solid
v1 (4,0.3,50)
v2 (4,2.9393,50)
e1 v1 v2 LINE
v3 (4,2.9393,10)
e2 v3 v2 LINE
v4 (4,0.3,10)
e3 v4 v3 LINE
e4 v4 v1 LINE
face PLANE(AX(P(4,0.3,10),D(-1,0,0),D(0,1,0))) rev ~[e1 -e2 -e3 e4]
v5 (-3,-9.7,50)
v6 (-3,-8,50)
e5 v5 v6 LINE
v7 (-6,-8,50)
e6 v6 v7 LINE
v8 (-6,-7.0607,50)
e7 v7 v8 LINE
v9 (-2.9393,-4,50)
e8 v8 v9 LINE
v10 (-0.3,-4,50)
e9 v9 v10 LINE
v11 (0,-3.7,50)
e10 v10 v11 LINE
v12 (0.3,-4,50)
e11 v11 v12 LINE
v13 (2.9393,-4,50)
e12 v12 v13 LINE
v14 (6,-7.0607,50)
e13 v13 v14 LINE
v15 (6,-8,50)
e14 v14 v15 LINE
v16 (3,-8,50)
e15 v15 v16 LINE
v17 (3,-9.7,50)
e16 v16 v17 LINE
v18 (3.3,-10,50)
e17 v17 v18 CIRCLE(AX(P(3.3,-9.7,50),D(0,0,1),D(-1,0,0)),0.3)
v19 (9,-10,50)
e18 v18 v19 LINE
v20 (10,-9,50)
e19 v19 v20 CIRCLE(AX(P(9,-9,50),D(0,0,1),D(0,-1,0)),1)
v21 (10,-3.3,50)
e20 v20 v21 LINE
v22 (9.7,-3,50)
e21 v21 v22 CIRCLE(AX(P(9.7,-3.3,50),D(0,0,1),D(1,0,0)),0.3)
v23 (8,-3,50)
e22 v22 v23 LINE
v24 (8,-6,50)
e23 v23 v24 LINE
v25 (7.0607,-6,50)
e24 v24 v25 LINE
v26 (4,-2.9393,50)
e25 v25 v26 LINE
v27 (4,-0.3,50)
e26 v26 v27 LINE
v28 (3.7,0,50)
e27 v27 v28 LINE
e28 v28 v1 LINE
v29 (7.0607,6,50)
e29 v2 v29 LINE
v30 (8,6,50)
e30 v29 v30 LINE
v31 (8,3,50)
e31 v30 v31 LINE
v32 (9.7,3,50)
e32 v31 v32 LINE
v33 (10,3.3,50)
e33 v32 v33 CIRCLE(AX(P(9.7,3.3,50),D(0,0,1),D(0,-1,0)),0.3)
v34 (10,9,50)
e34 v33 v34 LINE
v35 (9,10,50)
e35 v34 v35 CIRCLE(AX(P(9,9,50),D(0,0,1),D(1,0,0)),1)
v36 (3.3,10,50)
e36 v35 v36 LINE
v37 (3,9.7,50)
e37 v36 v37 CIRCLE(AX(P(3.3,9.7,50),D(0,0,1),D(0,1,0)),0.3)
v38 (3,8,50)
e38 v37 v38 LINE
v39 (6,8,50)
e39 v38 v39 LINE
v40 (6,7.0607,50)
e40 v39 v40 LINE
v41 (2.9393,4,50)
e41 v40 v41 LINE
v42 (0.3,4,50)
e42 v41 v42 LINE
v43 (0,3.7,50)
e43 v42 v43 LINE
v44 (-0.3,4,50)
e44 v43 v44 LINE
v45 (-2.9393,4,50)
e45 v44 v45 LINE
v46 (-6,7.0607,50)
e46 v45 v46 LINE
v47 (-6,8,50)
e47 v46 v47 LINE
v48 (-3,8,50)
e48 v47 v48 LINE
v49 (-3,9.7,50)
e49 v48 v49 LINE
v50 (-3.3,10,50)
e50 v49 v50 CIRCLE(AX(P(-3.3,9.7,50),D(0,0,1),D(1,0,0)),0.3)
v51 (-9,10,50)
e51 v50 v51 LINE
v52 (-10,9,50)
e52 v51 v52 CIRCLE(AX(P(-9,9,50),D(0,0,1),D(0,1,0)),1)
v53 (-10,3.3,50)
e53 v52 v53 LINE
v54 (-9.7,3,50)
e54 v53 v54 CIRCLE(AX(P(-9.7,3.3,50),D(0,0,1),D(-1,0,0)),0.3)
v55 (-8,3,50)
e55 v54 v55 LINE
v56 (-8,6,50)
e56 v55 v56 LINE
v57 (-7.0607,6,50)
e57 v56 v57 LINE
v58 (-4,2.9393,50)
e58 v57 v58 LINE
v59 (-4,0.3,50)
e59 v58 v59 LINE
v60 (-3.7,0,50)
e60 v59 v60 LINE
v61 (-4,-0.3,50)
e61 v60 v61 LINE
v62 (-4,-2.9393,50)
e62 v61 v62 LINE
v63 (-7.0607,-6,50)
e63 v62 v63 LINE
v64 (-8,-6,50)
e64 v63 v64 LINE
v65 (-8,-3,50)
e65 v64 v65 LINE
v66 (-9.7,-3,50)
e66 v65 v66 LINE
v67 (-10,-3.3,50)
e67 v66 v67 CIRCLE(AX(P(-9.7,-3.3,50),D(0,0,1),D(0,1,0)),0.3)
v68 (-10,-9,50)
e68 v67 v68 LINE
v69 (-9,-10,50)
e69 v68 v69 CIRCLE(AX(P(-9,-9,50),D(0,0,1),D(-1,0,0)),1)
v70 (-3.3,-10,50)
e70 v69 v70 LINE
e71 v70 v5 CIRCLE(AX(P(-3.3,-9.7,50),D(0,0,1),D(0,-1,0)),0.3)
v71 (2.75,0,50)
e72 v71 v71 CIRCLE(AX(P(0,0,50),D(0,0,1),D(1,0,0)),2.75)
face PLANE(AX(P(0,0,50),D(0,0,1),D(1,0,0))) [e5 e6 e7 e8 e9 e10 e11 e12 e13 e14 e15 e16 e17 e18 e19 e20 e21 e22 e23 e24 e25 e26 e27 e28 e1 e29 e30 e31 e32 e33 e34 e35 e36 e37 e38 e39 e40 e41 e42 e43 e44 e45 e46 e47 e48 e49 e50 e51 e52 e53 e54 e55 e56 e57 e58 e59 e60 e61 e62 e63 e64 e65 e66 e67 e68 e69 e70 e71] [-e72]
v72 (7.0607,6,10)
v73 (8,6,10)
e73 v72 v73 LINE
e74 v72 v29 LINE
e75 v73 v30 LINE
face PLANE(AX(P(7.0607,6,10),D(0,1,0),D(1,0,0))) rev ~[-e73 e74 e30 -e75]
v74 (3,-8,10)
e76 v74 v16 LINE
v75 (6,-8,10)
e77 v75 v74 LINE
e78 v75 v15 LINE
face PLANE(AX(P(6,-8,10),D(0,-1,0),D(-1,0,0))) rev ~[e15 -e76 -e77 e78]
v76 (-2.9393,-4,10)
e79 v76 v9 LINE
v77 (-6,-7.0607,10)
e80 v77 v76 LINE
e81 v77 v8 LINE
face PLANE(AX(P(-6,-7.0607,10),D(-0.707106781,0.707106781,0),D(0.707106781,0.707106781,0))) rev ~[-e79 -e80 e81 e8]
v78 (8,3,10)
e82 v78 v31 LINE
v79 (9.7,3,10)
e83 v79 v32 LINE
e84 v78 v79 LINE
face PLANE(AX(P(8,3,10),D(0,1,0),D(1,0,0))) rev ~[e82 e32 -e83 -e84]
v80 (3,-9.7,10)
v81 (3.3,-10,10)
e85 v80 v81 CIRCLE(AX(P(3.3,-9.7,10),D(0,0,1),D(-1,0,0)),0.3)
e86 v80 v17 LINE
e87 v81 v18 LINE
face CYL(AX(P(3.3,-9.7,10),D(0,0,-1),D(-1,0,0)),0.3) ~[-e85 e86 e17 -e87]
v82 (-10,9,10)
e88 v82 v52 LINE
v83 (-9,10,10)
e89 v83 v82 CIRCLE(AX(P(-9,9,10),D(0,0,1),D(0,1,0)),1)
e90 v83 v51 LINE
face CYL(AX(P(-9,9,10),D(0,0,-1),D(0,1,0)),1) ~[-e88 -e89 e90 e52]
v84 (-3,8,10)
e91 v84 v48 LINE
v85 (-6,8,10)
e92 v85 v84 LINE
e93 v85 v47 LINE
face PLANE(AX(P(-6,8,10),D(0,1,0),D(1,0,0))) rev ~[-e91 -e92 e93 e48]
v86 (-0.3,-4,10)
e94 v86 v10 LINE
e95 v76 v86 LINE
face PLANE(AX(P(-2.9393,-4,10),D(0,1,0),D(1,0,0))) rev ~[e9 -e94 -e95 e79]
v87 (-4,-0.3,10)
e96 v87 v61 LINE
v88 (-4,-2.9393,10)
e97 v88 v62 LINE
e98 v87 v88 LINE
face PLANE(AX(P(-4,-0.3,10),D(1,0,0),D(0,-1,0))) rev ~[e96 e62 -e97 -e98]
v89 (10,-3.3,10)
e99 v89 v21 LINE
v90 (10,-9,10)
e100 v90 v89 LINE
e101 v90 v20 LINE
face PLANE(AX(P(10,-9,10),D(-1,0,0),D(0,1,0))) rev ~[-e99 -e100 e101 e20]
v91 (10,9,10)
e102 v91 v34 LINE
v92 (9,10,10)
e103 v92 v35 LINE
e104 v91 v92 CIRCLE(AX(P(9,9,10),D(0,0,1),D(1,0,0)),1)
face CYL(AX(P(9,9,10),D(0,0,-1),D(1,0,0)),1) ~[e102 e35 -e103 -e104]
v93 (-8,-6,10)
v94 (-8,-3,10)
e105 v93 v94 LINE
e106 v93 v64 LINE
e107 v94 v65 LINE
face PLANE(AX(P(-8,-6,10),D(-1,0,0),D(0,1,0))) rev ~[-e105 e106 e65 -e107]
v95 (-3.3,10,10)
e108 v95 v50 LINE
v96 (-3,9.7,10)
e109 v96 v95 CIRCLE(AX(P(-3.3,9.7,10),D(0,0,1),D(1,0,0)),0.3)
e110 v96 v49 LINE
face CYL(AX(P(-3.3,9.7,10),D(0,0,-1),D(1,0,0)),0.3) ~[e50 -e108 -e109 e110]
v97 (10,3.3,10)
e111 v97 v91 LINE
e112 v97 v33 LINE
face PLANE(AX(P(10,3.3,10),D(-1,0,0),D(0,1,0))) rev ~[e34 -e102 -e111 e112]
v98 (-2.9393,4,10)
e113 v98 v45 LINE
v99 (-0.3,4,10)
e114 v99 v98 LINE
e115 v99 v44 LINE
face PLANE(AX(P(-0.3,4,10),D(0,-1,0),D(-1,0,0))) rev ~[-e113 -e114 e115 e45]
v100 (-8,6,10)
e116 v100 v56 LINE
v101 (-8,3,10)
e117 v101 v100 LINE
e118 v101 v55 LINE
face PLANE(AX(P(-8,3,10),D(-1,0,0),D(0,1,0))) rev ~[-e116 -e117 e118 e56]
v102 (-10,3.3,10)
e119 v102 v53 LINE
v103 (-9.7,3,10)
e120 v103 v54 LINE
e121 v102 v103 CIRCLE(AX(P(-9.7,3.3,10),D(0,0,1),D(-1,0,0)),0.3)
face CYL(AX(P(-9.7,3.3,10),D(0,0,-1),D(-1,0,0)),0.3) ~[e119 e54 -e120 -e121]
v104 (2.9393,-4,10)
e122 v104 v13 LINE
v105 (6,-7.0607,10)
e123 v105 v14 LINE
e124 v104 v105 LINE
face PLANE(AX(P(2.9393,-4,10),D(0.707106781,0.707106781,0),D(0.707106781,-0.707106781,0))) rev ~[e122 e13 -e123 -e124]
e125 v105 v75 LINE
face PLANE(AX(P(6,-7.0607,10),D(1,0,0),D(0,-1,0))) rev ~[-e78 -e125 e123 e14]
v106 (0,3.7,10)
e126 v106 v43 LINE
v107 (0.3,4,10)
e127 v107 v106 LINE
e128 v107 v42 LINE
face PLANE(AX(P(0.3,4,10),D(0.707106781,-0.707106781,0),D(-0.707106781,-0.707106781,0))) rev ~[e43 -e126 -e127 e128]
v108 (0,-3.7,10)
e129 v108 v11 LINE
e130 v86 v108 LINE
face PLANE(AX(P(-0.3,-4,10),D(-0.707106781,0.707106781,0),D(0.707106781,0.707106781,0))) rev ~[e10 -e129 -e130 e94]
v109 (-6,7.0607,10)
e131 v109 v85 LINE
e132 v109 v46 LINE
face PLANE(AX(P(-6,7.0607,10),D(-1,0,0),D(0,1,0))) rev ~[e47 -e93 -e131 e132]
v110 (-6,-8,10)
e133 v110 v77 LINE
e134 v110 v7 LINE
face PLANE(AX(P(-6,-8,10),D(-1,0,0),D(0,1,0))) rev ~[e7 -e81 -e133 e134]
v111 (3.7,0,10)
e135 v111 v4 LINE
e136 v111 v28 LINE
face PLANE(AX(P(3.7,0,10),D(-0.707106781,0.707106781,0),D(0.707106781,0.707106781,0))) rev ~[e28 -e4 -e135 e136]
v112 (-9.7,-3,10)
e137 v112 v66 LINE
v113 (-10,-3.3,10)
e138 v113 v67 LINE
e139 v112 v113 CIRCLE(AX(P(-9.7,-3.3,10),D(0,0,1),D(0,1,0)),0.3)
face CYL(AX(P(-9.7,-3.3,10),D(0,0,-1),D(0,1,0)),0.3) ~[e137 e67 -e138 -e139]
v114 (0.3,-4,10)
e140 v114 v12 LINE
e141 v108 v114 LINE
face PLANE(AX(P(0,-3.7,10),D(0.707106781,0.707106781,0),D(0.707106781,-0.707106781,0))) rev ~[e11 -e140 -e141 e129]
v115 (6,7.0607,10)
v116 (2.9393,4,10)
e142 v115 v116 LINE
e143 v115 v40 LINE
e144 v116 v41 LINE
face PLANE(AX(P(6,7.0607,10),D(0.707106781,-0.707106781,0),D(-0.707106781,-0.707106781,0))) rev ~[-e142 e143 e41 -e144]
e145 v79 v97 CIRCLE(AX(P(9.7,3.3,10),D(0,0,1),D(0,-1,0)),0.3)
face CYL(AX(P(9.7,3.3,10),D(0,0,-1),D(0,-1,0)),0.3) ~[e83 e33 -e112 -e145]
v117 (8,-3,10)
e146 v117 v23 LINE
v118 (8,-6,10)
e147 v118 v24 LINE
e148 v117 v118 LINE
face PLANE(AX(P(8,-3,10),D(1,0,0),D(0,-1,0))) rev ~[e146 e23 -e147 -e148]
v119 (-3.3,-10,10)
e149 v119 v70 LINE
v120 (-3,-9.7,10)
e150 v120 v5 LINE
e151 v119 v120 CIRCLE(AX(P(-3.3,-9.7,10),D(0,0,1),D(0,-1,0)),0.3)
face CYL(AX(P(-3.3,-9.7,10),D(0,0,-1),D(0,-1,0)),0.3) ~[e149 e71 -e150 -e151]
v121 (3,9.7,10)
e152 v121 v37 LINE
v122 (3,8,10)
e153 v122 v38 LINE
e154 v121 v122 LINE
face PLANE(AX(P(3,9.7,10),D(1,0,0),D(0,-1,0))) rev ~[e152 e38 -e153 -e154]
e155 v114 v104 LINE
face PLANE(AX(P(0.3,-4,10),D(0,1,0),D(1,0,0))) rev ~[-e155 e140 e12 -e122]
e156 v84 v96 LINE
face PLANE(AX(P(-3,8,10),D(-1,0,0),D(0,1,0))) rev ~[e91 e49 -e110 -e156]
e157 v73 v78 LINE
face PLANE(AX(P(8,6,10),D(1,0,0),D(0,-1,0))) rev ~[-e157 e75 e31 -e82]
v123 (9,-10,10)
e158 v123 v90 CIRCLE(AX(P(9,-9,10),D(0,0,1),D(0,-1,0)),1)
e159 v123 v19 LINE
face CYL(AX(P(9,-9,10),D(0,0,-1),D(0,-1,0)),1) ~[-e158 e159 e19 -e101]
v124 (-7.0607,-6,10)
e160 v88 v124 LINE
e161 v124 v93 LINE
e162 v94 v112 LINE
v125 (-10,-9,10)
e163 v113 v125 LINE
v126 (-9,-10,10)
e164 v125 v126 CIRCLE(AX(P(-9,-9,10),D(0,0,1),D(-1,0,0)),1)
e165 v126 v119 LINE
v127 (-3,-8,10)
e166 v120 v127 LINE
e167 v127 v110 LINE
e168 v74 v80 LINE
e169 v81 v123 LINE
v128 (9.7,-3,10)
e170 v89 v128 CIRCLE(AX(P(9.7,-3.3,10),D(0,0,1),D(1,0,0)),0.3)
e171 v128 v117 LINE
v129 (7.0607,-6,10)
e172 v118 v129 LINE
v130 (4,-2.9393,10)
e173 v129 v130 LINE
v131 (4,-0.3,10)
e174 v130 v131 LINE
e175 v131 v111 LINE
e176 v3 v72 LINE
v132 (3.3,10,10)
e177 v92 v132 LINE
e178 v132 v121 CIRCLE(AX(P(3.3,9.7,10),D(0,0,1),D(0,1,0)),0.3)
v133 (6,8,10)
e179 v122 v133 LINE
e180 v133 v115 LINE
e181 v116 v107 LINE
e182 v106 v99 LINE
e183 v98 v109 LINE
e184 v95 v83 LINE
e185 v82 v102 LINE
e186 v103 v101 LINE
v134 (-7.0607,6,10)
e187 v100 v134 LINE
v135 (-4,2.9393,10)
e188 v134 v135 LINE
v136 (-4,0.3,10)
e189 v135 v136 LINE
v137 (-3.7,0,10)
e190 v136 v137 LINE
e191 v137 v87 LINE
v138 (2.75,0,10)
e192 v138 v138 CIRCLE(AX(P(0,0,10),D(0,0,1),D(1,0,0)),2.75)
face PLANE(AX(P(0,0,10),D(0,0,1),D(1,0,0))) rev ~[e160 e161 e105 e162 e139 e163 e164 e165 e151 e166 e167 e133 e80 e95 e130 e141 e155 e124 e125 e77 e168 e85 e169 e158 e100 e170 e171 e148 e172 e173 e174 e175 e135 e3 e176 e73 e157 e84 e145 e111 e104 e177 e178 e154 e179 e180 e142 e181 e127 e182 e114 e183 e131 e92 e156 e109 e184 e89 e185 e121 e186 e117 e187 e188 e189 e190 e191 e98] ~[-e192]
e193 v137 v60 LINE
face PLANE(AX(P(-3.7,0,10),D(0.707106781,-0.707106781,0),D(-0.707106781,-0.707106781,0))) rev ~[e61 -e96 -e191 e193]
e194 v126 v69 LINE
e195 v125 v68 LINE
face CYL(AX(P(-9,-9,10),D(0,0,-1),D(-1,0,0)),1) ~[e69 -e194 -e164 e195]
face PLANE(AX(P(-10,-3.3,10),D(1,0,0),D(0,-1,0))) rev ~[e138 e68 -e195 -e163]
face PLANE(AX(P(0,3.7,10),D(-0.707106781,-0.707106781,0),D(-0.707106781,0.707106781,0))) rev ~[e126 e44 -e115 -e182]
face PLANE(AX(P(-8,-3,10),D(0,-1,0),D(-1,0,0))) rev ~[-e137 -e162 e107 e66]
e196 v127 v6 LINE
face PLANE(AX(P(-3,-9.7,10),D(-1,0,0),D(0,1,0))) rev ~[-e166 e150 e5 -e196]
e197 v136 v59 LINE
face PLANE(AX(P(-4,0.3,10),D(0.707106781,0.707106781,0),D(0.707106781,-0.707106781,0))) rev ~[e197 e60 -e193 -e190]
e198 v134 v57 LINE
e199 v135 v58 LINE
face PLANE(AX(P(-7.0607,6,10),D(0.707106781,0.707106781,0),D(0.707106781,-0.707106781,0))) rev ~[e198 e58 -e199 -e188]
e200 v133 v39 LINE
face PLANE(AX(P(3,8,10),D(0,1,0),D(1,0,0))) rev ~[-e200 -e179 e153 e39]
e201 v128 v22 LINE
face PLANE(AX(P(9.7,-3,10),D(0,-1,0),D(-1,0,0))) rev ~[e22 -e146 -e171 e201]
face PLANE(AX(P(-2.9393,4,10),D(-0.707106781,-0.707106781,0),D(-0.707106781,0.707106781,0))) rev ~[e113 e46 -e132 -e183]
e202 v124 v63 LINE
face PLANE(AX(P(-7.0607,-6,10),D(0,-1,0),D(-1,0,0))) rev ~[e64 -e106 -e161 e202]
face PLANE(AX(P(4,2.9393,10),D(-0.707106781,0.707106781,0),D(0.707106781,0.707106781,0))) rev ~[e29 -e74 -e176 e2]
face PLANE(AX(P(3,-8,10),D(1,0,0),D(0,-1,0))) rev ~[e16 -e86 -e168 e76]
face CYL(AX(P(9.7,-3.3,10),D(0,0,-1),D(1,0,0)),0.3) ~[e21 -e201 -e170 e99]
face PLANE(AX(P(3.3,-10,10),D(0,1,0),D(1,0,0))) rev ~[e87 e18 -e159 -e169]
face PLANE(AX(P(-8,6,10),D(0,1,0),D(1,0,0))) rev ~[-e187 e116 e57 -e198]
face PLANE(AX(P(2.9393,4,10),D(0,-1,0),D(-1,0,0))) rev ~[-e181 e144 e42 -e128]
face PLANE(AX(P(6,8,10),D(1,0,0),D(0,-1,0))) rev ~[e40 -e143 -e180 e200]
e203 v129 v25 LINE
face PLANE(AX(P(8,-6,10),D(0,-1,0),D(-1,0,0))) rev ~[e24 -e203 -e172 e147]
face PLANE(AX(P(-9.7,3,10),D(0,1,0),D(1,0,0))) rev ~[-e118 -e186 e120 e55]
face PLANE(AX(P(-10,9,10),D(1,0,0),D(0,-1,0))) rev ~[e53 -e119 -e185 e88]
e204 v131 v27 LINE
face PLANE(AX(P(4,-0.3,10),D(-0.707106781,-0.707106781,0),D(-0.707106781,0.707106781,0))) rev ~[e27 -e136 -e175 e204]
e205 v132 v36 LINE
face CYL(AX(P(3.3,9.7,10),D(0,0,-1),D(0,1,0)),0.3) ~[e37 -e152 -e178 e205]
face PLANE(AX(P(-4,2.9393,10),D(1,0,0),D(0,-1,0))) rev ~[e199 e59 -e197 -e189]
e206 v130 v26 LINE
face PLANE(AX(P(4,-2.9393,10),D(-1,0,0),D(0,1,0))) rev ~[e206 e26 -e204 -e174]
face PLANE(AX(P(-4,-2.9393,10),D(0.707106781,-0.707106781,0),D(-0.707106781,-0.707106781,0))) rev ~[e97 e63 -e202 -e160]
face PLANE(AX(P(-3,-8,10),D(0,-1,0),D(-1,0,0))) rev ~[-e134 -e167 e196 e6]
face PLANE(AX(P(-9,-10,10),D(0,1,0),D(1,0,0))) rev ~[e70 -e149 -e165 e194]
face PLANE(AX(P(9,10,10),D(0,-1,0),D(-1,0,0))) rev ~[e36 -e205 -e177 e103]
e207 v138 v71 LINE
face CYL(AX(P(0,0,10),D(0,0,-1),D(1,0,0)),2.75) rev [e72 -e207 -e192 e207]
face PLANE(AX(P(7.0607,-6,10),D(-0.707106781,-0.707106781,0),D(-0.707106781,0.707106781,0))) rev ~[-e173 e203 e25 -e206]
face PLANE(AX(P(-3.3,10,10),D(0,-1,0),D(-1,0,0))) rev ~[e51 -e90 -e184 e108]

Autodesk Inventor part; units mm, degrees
ref_plane "Startebene" through (0, 0, 0) normal (0, 0, 1) x (1, 0, 0)
ref_plane "Endebene" through (0, 0, 320) normal (0, 0, 1) x (1, 0, 0)
ref_plane "Startebene1" through (0, 0, 0) normal (0, 0, 1) x (1, 0, 0)
ref_plane "Endebene1" through (0, 0, 60) normal (0, 0, 1) x (1, 0, 0)
ref_plane "Startebene2" through (0, 0, 10) normal (0, 0, 1) x (1, 0, 0)
ref_plane "Endebene2" through (0, 0, 50) normal (0, 0, 1) x (1, 0, 0)
sketch "Skizze" plane through (0, 0, 0) normal (0, 0, 1) x (1, 0, 0)
  line L0 (-10, 9) -> (-10, 3.3)
  arc A0 (-10, 3.3) -> (-9.7, 3) centre (-9.7, 3.3) ccw
  line L1 (-9.7, 3) -> (-8, 3)
  line L2 (-8, 3) -> (-8, 6)
  line L3 (-8, 6) -> (-7.0607, 6)
  line L4 (-7.0607, 6) -> (-4, 2.9393)
  line L5 (-4, 2.9393) -> (-4, 0.3)
  line L6 (-4, 0.3) -> (-3.7, 0)
  line L7 (-3.7, 0) -> (-4, -0.3)
  line L8 (-4, -0.3) -> (-4, -2.9393)
  line L9 (-4, -2.9393) -> (-7.0607, -6)
  line L10 (-7.0607, -6) -> (-8, -6)
  line L11 (-8, -6) -> (-8, -3)
  line L12 (-8, -3) -> (-9.7, -3)
  arc A1 (-9.7, -3) -> (-10, -3.3) centre (-9.7, -3.3) ccw
  line L13 (-10, -3.3) -> (-10, -9)
  arc A2 (-10, -9) -> (-9, -10) centre (-9, -9) ccw
  line L14 (-9, -10) -> (-3.3, -10)
  arc A3 (-3.3, -10) -> (-3, -9.7) centre (-3.3, -9.7) ccw
  line L15 (-3, -9.7) -> (-3, -8)
  line L16 (-3, -8) -> (-6, -8)
  line L17 (-6, -8) -> (-6, -7.0607)
  line L18 (-6, -7.0607) -> (-2.9393, -4)
  line L19 (-2.9393, -4) -> (-0.3, -4)
  line L20 (-0.3, -4) -> (0, -3.7)
  line L21 (0, -3.7) -> (0.3, -4)
  line L22 (0.3, -4) -> (2.9393, -4)
  line L23 (2.9393, -4) -> (6, -7.0607)
  line L24 (6, -7.0607) -> (6, -8)
  line L25 (6, -8) -> (3, -8)
  line L26 (3, -8) -> (3, -9.7)
  arc A4 (3, -9.7) -> (3.3, -10) centre (3.3, -9.7) ccw
  line L27 (3.3, -10) -> (9, -10)
  arc A5 (9, -10) -> (10, -9) centre (9, -9) ccw
  line L28 (10, -9) -> (10, -3.3)
  arc A6 (10, -3.3) -> (9.7, -3) centre (9.7, -3.3) ccw
  line L29 (9.7, -3) -> (8, -3)
  line L30 (8, -3) -> (8, -6)
  line L31 (8, -6) -> (7.0607, -6)
  line L32 (7.0607, -6) -> (4, -2.9393)
  line L33 (4, -2.9393) -> (4, -0.3)
  line L34 (4, -0.3) -> (3.7, 0)
  line L35 (3.7, 0) -> (4, 0.3)
  line L36 (4, 0.3) -> (4, 2.9393)
  line L37 (4, 2.9393) -> (7.0607, 6)
  line L38 (7.0607, 6) -> (8, 6)
  line L39 (8, 6) -> (8, 3)
  line L40 (8, 3) -> (9.7, 3)
  arc A7 (9.7, 3) -> (10, 3.3) centre (9.7, 3.3) ccw
  line L41 (10, 3.3) -> (10, 9)
  arc A8 (10, 9) -> (9, 10) centre (9, 9) ccw
  line L42 (9, 10) -> (3.3, 10)
  arc A9 (3.3, 10) -> (3, 9.7) centre (3.3, 9.7) ccw
  line L43 (3, 9.7) -> (3, 8)
  line L44 (3, 8) -> (6, 8)
  line L45 (6, 8) -> (6, 7.0607)
  line L46 (6, 7.0607) -> (2.9393, 4)
  line L47 (2.9393, 4) -> (0.3, 4)
  line L48 (0.3, 4) -> (0, 3.7)
  line L49 (0, 3.7) -> (-0.3, 4)
  line L50 (-0.3, 4) -> (-2.9393, 4)
  line L51 (-2.9393, 4) -> (-6, 7.0607)
  line L52 (-6, 7.0607) -> (-6, 8)
  line L53 (-6, 8) -> (-3, 8)
  line L54 (-3, 8) -> (-3, 9.7)
  arc A10 (-3, 9.7) -> (-3.3, 10) centre (-3.3, 9.7) ccw
  line L55 (-3.3, 10) -> (-9, 10)
  arc A11 (-9, 10) -> (-10, 9) centre (-9, 9) ccw
  circle A12 centre (0, 0) radius 2.75
  dimension "d2" = 5.5
  dimension "d3" = 10
  dimension "d4" = 10
  dimension "d5" = 5.7
  dimension "d6" = 5.7
  dimension "d7" = 1.7
  dimension "d8" = 3
  dimension "d9" = 0.3
  dimension "d10" = 90
  dimension "d11" = 45
  dimension "d12" = 45
  dimension "d13" = 45
  dimension "d14" = 90
  dimension "d15" = 90
  dimension "d16" = 45
  dimension "d17" = 45
  dimension "d18" = 45
  dimension "d19" = 45
  dimension "d20" = 90
  dimension "d21" = 90
  dimension "d22" = 45
  dimension "d23" = 45
  dimension "d24" = 90
  dimension "d25" = 90
  dimension "d26" = 90
  dimension "d27" = 90
  dimension "d28" = 90
  dimension "d29" = 90
  dimension "d30" = 90
  dimension "d31" = 90
  dimension "d32" = 90
  dimension "d33" = 90
  dimension "d34" = 90
  dimension "d35" = 90
  dimension "d36" = 90
  dimension "d37" = 90
  dimension "d38" = 90
  dimension "d39" = 4
  dimension "d40" = 6
  dimension "d41" = 13
  dimension "d42" = 14
  dimension "d43" = 16
  dimension "d44" = 18
  dimension "d45" = 3
  dimension "d46" = 9
  dimension "d47" = 7
  dimension "d48" = 1
  dimension "d49" = 7
  dimension "d50" = 1.5
  dimension "d51" = 1.8663
  dimension "d52" = 3.3663
  dimension "d53" = 1.5
  dimension "d54" = 1.8663
  dimension "d55" = 3.3663
  dimension "d56" = 4
  dimension "d57" = 10.8187
  dimension "d58" = 1.9092
  dimension "d59" = 5
  dimension "d60" = 13
  dimension "d61" = 13
  dimension "d62" = 16.0513
  dimension "d63" = 3.3234
  dimension "d64" = 14
  dimension "d65" = 12.685
extrude "Körper" add sketch "Skizze" along normal up to surface (40 mm away) from surface at 10
sketch "Skizze13" plane through (0, 0, 0) normal (0, 0, 1) x (1, 0, 0)
  line L0 (0, 0) -> (10, 0)
ref_plane "Arbeitsebene12" through (0, 0, 0) normal (0, -1, 0) x (1, 0, 0)
sketch "Skizze14" plane through (0, 0, 0) normal (0, -1, 0) x (1, 0, 0)
  line L0 (-2, 10) -> (12, 10)
  line L1 (-2, 50) -> (12, 50)
  dimension "d80" = 40
ref_plane "Arbeitsebene13" through (-3.3, 0, 50) normal (0, 0, 1) x (1, 0, 0)
split "Trennen1" plane through (-3.3, 0, 50) removes the side toward (0, 0, 1)
ref_plane "Arbeitsebene14" through (-3.3, 160, 10) normal (0, 0, -1) x (-1, 0, 0)
split "Trennen2" plane through (-3.3, 160, 10) removes the side toward (0, 0, -1)
equation "\"G_OFFSET_START\" = 0"
equation "\"G_OFFSET_END\" = 0"
equation "\"G_L\" = d80"
equation "\"G_OFFSET_START1\" = 0"
equation "\"G_OFFSET_END1\" = 0"
properties part number "Alu Profil 20x20 - AP2020" material "Aluminium 6061"
